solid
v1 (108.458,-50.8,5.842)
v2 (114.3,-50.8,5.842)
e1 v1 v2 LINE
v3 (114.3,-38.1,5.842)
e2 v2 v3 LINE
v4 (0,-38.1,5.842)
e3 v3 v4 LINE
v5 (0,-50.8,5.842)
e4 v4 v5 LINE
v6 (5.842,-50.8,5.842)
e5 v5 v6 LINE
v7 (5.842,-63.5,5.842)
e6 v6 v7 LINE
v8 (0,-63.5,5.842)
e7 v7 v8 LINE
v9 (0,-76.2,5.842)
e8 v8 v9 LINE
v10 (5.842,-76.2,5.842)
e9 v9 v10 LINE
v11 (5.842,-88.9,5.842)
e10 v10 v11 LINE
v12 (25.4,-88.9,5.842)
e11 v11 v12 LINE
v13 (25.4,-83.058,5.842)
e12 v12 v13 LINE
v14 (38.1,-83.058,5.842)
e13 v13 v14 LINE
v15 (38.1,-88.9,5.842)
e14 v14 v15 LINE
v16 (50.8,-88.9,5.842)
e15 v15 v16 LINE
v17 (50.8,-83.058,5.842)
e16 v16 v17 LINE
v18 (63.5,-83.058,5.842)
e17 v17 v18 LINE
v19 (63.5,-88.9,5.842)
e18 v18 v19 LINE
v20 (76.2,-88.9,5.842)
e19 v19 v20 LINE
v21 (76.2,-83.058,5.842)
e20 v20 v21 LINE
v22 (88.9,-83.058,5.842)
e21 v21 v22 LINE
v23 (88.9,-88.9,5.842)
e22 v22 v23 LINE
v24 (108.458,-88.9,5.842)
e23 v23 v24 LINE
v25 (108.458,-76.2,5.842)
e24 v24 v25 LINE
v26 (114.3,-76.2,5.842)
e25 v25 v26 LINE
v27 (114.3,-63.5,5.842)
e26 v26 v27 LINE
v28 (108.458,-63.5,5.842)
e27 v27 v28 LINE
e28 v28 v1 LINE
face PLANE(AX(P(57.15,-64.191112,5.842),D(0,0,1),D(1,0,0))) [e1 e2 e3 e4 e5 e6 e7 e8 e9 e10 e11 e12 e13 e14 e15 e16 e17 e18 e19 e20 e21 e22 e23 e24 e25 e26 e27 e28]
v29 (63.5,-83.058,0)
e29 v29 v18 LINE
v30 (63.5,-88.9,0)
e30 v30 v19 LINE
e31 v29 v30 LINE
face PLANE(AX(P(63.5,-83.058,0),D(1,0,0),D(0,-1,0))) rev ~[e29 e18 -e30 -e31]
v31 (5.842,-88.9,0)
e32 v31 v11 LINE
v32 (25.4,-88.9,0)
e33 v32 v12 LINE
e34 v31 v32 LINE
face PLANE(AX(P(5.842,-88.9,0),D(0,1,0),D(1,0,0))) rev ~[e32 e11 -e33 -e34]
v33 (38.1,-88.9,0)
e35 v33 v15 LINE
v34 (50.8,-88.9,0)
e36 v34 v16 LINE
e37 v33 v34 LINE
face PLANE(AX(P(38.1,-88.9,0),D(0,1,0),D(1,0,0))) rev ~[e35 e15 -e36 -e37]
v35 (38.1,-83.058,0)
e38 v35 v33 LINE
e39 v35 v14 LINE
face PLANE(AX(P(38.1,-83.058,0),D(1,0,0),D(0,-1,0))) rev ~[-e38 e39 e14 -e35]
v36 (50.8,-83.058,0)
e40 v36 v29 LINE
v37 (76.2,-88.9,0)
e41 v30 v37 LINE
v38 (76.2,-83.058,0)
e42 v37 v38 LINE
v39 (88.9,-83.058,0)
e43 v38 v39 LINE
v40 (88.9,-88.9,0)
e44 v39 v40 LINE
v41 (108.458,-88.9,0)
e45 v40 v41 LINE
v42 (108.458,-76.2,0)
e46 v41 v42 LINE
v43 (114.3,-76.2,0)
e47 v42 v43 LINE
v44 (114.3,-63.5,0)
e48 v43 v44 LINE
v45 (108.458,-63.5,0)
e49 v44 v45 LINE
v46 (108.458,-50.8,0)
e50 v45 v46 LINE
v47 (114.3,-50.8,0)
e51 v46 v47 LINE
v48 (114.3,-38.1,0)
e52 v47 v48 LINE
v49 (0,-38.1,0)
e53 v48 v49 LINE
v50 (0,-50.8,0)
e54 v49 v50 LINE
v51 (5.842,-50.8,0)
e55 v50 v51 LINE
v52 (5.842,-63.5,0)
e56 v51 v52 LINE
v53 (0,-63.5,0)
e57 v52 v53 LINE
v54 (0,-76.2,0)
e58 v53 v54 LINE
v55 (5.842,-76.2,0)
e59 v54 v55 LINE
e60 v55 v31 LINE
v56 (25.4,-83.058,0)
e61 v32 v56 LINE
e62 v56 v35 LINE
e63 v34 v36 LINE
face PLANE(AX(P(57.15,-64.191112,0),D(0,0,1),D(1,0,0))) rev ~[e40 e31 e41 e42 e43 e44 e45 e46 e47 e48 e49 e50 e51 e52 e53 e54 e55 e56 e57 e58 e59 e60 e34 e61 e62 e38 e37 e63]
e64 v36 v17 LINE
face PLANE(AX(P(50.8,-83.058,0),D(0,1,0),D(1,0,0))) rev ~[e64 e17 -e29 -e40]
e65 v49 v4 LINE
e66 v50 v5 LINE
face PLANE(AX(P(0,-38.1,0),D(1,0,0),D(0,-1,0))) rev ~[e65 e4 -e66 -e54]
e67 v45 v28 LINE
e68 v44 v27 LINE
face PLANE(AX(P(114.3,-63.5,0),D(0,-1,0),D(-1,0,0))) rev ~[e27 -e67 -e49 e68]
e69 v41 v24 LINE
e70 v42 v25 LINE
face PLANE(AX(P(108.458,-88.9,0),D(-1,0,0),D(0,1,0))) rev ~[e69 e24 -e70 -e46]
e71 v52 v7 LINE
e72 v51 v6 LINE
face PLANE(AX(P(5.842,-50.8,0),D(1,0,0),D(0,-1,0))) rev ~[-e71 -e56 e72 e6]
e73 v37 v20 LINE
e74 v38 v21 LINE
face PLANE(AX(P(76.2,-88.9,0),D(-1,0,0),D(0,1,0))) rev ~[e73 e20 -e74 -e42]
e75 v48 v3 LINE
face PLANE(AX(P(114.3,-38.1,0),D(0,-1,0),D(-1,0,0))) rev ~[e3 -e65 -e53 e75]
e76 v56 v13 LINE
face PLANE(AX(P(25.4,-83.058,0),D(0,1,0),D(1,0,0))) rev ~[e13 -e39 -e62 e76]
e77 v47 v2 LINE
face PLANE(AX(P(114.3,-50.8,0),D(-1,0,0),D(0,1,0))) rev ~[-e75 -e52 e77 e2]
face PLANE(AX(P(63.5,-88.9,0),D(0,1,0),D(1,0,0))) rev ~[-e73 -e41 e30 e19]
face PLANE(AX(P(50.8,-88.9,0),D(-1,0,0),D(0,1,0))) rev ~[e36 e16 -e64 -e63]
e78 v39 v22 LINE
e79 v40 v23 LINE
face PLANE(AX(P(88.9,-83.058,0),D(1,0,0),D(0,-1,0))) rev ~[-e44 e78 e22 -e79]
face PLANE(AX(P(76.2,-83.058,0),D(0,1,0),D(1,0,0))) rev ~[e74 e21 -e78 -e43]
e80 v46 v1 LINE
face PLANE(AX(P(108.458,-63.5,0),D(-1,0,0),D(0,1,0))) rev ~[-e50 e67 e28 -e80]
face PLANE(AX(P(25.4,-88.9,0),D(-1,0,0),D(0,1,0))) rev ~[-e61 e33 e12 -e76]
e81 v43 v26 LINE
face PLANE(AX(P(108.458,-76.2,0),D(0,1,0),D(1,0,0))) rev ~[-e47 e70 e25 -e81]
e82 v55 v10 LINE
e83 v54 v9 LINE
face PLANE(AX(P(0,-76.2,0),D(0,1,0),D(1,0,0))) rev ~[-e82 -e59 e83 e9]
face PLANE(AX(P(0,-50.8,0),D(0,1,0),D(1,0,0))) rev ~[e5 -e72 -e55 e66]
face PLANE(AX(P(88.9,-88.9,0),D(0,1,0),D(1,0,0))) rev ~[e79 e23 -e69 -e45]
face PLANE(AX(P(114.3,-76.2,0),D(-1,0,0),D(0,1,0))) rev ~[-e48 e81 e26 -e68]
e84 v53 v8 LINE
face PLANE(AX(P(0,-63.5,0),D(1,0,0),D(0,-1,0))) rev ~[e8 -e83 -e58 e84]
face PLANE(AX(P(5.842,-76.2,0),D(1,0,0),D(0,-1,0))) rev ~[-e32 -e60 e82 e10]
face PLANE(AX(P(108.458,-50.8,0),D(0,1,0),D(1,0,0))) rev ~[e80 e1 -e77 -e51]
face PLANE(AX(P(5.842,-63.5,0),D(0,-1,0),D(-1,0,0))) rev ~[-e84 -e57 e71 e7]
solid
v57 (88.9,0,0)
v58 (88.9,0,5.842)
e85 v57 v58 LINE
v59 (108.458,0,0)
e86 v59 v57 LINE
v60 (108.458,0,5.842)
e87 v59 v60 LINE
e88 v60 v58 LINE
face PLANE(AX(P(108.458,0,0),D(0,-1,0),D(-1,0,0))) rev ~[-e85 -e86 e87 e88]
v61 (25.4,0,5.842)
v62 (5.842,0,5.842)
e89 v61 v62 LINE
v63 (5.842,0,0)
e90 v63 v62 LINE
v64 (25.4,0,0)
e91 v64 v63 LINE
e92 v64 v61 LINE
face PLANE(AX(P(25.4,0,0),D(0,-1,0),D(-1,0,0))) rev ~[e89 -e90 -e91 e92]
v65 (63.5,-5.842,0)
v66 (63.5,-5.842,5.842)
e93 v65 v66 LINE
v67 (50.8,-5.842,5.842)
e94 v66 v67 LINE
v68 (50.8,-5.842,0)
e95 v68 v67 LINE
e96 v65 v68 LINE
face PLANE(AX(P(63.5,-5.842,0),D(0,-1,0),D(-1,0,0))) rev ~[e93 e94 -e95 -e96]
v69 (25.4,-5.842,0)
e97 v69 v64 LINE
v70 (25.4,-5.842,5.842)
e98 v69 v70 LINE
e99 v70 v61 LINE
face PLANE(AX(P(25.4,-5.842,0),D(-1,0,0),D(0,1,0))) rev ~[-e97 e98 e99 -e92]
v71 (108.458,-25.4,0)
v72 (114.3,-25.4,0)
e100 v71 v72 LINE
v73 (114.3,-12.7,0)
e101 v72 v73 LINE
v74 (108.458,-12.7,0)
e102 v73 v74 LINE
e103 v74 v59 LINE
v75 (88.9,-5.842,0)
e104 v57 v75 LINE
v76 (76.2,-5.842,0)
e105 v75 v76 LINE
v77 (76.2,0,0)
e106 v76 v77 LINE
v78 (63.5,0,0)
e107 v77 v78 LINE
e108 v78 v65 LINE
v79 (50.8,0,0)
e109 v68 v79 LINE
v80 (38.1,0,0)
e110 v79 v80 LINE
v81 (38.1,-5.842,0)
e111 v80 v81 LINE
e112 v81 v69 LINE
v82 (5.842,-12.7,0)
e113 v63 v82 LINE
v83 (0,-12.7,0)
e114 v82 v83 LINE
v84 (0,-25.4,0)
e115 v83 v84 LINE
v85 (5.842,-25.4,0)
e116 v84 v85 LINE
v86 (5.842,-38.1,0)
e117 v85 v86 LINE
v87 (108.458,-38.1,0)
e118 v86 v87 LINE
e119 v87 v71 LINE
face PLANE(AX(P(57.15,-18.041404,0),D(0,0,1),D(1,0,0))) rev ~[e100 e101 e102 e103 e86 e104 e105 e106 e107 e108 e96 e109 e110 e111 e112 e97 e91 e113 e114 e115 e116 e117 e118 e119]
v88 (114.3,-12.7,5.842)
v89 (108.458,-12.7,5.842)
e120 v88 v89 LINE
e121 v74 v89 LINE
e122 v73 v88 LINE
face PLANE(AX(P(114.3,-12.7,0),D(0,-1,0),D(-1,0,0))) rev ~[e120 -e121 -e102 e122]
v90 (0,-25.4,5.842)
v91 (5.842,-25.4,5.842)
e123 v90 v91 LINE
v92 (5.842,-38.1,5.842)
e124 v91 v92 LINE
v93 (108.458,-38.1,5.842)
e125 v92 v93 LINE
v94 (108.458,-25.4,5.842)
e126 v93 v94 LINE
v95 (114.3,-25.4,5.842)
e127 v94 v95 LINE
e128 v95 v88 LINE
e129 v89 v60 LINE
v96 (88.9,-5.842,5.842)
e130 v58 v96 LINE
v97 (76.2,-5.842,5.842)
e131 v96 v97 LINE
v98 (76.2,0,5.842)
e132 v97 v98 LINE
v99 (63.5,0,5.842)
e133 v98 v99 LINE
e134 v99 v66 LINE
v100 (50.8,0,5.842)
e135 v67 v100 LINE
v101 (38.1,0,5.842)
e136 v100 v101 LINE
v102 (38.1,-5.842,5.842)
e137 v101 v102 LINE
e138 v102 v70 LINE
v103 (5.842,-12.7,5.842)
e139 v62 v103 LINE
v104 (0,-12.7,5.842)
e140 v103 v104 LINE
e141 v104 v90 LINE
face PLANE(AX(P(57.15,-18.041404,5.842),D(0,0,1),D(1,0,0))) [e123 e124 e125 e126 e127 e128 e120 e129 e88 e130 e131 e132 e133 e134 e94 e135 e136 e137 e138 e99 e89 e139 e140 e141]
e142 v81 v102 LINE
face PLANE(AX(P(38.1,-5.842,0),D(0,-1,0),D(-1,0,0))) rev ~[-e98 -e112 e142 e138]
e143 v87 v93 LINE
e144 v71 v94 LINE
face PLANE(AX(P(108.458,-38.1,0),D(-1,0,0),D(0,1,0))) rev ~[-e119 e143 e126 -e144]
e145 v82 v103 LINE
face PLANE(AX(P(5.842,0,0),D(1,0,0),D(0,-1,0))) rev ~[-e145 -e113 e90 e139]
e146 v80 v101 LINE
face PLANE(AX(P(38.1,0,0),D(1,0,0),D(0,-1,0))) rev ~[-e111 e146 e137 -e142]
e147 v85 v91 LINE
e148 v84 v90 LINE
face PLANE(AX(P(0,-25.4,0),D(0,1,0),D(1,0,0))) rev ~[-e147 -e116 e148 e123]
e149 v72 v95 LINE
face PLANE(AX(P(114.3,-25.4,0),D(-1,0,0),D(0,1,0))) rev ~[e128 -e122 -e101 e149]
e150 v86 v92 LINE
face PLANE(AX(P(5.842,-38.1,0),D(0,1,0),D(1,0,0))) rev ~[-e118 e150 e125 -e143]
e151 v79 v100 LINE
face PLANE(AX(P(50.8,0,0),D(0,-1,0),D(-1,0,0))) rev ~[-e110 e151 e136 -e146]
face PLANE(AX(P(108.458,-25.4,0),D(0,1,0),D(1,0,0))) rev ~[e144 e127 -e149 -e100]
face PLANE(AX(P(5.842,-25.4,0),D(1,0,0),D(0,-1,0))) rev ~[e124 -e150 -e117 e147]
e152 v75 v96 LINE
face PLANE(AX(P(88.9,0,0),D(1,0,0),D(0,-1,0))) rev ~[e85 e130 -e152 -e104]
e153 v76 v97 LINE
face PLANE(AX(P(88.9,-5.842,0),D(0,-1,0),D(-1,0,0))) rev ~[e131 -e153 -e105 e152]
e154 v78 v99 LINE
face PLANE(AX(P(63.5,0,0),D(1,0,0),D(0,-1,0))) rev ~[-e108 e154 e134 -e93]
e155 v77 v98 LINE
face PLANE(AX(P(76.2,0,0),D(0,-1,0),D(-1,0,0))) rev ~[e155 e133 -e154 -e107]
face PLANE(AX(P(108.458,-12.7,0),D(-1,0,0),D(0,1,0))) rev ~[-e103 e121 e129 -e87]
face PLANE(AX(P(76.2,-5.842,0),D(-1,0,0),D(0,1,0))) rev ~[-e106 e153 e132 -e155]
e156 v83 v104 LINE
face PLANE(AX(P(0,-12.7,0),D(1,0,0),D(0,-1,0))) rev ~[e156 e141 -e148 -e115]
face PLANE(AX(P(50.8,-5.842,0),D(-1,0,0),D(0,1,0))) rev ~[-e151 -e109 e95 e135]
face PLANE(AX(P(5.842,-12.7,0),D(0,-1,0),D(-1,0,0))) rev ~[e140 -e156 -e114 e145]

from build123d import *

# Parameters (mm, degrees)
F1_DEPTH = 5.842
F2_DEPTH = 5.842


with BuildPart() as f1:
    # F0 (on Top) → F1 (new body)
    with BuildSketch(Plane.XY):
        Polygon((25.4, 0), (5.842, 0), (5.842, -12.7), (0, -12.7), (0, -25.4), (5.842, -25.4), (5.842, -38.1), (108.458, -38.1), (108.458, -25.4), (114.3, -25.4), (114.3, -12.7), (108.458, -12.7), (108.458, 0), (88.9, 0), (88.9, -5.842), (76.2, -5.842), (76.2, 0), (63.5, 0), (63.5, -5.842), (50.8, -5.842), (50.8, 0), (38.1, 0), (38.1, -5.842), (25.4, -5.842), align=None)
    extrude(amount=F1_DEPTH)


with BuildPart() as f2:
    # F0 (on Top) → F2 (new body)
    with BuildSketch(Plane.XY):
        Polygon((108.458, -38.1), (5.842, -38.1), (0, -38.1), (0, -50.8), (5.842, -50.8), (5.842, -63.5), (0, -63.5), (0, -76.2), (5.842, -76.2), (5.842, -88.9), (25.4, -88.9), (25.4, -83.058), (38.1, -83.058), (38.1, -88.9), (50.8, -88.9), (50.8, -83.058), (63.5, -83.058), (63.5, -88.9), (76.2, -88.9), (76.2, -83.058), (88.9, -83.058), (88.9, -88.9), (108.458, -88.9), (108.458, -76.2), (114.3, -76.2), (114.3, -63.5), (108.458, -63.5), (108.458, -50.8), (114.3, -50.8), (114.3, -38.1), align=None)
    extrude(amount=F2_DEPTH)


solid = Compound([f1.part, f2.part])
